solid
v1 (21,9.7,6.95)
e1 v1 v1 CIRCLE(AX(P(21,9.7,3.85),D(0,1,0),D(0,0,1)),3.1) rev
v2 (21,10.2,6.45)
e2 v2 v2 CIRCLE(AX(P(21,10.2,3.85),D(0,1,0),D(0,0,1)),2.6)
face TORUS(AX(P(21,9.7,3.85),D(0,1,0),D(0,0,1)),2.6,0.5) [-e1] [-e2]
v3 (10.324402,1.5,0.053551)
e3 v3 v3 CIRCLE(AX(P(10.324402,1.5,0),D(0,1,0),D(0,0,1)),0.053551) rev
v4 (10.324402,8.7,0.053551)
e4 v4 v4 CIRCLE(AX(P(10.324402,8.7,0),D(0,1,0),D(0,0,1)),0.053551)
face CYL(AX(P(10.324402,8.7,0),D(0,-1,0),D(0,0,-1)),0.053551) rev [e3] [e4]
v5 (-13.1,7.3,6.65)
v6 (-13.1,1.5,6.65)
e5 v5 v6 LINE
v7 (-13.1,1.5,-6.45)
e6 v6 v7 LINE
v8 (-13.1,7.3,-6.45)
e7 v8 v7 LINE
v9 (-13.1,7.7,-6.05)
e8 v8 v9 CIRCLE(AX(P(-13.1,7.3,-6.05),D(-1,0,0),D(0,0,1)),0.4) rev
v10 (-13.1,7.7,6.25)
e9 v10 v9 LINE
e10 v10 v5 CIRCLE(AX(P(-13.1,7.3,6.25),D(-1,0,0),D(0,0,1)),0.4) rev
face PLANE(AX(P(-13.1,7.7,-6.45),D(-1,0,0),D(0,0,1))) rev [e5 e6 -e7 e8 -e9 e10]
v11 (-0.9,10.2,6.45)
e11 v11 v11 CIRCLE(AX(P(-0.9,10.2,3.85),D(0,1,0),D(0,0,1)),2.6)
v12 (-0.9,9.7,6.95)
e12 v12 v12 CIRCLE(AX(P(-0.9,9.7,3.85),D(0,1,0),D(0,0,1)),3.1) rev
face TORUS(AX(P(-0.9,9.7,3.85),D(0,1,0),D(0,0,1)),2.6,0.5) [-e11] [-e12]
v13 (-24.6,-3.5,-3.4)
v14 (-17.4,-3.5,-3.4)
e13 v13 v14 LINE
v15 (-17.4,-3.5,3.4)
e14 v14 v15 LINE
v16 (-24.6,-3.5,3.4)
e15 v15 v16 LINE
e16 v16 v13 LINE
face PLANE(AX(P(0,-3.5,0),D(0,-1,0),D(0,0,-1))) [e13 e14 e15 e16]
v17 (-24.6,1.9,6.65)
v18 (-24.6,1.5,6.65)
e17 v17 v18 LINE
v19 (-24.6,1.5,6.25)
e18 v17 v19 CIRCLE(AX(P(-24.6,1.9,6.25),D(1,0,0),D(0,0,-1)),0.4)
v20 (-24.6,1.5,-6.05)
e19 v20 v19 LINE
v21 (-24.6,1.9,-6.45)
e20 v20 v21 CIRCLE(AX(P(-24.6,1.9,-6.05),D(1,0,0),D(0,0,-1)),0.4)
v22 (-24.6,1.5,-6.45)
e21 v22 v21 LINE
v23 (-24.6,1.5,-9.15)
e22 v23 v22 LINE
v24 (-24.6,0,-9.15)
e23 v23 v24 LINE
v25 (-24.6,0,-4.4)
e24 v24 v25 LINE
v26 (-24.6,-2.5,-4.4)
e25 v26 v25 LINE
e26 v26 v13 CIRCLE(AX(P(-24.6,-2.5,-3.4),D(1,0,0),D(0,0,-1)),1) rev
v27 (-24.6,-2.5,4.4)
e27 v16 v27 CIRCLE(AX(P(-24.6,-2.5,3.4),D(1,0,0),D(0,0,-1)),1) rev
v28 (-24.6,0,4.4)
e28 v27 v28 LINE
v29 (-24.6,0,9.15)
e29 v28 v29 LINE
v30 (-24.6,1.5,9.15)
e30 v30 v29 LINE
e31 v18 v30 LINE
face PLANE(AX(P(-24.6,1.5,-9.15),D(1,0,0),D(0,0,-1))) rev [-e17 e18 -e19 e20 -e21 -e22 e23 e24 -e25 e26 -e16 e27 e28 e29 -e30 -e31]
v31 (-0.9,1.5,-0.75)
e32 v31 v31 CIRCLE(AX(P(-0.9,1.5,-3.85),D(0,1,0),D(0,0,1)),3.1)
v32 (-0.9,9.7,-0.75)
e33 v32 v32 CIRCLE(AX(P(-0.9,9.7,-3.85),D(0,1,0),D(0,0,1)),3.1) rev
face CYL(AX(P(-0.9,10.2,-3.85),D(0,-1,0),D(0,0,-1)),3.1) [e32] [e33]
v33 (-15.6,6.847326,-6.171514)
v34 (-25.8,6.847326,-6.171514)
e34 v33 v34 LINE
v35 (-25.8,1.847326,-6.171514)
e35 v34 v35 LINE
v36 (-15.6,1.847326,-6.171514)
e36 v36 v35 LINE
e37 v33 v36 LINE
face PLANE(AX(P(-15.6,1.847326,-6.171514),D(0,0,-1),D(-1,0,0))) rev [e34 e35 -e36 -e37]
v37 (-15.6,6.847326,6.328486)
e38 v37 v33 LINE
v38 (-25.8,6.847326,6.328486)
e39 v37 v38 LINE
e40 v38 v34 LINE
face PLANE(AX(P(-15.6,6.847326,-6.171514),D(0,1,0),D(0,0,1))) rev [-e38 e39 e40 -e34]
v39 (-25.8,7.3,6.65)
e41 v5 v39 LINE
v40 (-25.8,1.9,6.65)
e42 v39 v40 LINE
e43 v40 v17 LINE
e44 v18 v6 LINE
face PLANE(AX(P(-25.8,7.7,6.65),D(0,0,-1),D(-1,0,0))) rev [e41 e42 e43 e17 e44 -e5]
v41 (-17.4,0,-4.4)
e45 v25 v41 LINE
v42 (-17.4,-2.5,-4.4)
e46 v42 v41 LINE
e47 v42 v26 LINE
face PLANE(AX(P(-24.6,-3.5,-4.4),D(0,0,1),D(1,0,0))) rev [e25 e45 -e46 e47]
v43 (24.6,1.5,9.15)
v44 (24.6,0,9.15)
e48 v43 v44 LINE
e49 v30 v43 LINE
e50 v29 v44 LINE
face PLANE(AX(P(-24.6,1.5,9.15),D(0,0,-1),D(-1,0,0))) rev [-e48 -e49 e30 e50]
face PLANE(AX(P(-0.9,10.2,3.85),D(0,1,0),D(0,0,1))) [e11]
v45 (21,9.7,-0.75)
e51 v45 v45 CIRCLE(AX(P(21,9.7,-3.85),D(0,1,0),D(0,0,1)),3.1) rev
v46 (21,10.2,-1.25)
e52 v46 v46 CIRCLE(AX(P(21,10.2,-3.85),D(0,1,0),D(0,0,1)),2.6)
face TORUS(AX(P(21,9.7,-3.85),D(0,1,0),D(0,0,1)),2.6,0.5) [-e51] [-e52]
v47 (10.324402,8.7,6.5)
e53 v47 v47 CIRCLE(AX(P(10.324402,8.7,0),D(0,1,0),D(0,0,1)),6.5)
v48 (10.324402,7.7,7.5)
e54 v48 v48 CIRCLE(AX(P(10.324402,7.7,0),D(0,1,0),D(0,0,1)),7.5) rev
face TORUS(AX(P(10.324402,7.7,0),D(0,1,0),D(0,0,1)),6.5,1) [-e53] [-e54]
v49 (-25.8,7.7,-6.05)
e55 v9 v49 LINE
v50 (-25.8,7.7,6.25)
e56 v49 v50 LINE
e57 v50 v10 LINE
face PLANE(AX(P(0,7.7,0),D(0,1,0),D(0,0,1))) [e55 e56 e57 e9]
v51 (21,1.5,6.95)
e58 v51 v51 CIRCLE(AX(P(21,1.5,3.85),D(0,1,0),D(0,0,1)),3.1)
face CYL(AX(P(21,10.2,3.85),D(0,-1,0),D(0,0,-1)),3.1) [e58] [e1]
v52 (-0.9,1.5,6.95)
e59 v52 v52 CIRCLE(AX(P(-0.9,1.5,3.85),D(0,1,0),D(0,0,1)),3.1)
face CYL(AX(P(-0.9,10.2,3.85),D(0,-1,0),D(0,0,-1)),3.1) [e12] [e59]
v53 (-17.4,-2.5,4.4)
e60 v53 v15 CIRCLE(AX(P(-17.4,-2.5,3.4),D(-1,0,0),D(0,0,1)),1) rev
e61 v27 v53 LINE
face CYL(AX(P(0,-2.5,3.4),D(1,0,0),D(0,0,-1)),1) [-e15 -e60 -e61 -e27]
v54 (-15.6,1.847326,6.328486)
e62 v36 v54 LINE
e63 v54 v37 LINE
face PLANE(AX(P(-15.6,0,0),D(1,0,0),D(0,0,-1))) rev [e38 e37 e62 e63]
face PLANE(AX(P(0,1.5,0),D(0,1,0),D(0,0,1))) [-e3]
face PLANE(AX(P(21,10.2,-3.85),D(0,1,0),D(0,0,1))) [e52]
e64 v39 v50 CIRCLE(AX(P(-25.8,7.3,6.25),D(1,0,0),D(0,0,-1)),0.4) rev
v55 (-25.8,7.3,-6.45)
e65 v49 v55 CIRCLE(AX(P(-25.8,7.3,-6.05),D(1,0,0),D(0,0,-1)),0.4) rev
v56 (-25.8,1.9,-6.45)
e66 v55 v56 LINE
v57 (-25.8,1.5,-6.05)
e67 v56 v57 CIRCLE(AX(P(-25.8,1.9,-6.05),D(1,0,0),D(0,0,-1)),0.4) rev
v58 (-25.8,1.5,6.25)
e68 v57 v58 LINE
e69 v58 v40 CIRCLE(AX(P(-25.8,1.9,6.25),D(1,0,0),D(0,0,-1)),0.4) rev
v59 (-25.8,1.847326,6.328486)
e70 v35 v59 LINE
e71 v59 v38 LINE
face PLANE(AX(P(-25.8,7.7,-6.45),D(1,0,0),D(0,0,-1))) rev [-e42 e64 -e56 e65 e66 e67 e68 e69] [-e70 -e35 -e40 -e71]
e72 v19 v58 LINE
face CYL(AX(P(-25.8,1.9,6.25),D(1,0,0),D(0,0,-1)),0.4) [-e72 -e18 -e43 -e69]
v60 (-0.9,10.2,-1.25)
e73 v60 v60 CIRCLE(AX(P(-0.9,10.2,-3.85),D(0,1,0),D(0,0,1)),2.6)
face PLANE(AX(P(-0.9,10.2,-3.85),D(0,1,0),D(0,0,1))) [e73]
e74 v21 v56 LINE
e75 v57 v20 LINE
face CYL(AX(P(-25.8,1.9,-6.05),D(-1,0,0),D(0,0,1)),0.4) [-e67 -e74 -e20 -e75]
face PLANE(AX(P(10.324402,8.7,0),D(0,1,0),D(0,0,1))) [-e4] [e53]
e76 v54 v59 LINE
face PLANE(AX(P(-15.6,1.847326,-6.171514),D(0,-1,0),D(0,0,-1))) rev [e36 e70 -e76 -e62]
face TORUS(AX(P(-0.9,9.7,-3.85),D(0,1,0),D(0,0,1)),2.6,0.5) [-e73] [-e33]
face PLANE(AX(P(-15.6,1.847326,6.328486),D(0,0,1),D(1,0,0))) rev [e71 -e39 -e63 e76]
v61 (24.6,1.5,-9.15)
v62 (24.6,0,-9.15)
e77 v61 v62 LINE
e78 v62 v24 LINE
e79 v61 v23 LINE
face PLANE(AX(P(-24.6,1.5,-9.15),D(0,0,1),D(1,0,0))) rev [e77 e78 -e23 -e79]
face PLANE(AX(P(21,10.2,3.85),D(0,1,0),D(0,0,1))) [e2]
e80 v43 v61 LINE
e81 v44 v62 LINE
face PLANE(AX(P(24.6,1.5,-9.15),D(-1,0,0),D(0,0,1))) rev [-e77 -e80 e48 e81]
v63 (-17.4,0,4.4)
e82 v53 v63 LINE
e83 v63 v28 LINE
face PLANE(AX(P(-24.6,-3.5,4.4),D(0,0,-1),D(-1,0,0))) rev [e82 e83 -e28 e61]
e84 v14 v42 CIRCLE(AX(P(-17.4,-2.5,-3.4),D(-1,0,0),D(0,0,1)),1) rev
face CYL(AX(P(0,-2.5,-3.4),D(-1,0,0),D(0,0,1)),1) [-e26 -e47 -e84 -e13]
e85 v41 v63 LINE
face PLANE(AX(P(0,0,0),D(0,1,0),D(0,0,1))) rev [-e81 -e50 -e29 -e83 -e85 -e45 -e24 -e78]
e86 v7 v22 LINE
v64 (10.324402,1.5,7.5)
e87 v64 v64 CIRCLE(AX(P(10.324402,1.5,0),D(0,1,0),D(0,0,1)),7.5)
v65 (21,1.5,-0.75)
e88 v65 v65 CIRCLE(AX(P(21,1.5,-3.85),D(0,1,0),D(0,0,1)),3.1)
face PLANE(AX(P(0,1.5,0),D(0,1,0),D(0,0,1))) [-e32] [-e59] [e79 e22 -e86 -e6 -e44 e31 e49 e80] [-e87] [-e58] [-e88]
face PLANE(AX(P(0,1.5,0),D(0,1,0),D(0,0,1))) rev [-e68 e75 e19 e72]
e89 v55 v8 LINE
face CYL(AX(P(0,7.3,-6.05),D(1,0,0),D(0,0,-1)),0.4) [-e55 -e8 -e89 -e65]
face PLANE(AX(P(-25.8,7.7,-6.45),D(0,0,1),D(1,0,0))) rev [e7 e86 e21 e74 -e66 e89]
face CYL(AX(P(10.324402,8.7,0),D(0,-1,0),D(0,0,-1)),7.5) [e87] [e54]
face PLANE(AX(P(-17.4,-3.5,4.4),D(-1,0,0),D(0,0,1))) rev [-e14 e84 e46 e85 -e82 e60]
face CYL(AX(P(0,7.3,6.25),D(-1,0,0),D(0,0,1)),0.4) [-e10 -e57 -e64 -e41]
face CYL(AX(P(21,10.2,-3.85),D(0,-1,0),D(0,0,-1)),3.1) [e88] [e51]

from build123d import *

# Parameters (mm, degrees)
SKETCH_1_W          = 49.2
SKETCH_1_H          = 18.3
EXTRUDE_361_DEPTH   = 1.5
SKETCH_3_W          = 12.7
SKETCH_3_H          = 13.1
EXTRUDE_2_DEPTH     = 6.2
SKETCH_4_W          = 7.2
SKETCH_4_H          = 8.8
EXTRUDE_3_DEPTH     = 3.5
FILLET_2_R          = 1
FILLET_3_R          = 0.4
SKETCH_5_R          = 3.1
EXTRUDE_4_DEPTH     = 8.7
FILLET_5_R          = 0.5
SKETCH_6_R          = 7.5
SKETCH_6_R_2        = 0.053550992
EXTRUDE_5_DEPTH     = 7.2
FILLET_6_R          = 1
SKETCH_7_W          = 12.5
SKETCH_7_H          = 5
CUT_EXTRUDE_1_DEPTH = 10.2
FILLET_7_R          = 0.4


with BuildPart() as part:
    # Эскиз1 → Extrude 361 (new body)
    with BuildSketch(Plane(origin=(0, 0, 0), x_dir=(1, 0, 0), z_dir=(0, 1, 0))):
        Rectangle(SKETCH_1_W, SKETCH_1_H)
    extrude(amount=EXTRUDE_361_DEPTH)

    # Эскиз3 → Бобышка-Вытянуть2 (add)
    with BuildSketch(Plane(origin=(0, 1.5, 0), x_dir=(1, 0, 0), z_dir=(0, 1, 0))):
        with Locations((-19.45, -0.1)):
            Rectangle(SKETCH_3_W, SKETCH_3_H)
    extrude(amount=EXTRUDE_2_DEPTH)

    # Эскиз4 → Бобышка-Вытянуть3 (add)
    with BuildSketch(Plane.XZ):
        with Locations((-21, 0)):
            Rectangle(SKETCH_4_W, SKETCH_4_H)
    extrude(amount=EXTRUDE_3_DEPTH)

    # Скругление2
    fillet_2_edges = [part.edges().sort_by_distance(p)[0] for p in [
        (-21, -3.5, 4.4),
        (-21, -3.5, -4.4),
    ]]
    fillet(fillet_2_edges, radius=FILLET_2_R)

    # Скругление3
    fillet_3_edges = [part.edges().sort_by_distance(p)[0] for p in [
        (-19.45, 7.7, -6.45),
        (-19.45, 7.7, 6.65),
    ]]
    fillet(fillet_3_edges, radius=FILLET_3_R)

    # Эскиз5 → Бобышка-Вытянуть4 (add)
    with BuildSketch(Plane(origin=(0, 1.5, 0), x_dir=(1, 0, 0), z_dir=(0, 1, 0))):
        with Locations(Location((21, 3.85, 0), (0, 0, 270))):
            Circle(SKETCH_5_R)
        with Locations(Location((21, -3.85, 0), (0, 0, 270))):
            Circle(SKETCH_5_R)
        with Locations(Location((-0.9, -3.85, 0), (0, 0, 270))):
            Circle(SKETCH_5_R)
        with Locations(Location((-0.9, 3.85, 0), (0, 0, 270))):
            Circle(SKETCH_5_R)
    extrude(amount=EXTRUDE_4_DEPTH)

    # Скругление5
    fillet_5_edges = [part.edges().sort_by_distance(p)[0] for p in [
        (21, 10.2, -6.95),
        (21, 10.2, 0.75),
        (-0.9, 10.2, 0.75),
        (-0.9, 10.2, -6.95),
    ]]
    fillet(fillet_5_edges, radius=FILLET_5_R)

    # Эскиз6 → Бобышка-Вытянуть5 (add)
    with BuildSketch(Plane(origin=(0, 1.5, 0), x_dir=(1, 0, 0), z_dir=(0, 1, 0))):
        with Locations(Location((10.324402455, 0, 0), (0, 0, 270))):
            Circle(SKETCH_6_R)
        with Locations(Location((10.324402455, 0, 0), (0, 0, 270))):
            Circle(SKETCH_6_R_2, mode=Mode.SUBTRACT)
    extrude(amount=EXTRUDE_5_DEPTH)

    # Скругление6
    fillet_6_edges = [part.edges().sort_by_distance(p)[0] for p in [
        (10.324402455, 8.7, -7.5),
    ]]
    fillet(fillet_6_edges, radius=FILLET_6_R)

    # Эскиз7 → Вырез-Вытянуть1 (cut)
    with BuildSketch(Plane.ZY.offset(25.8)):
        with Locations((0.078486032, 4.347326387)):
            Rectangle(SKETCH_7_W, SKETCH_7_H)
    extrude(amount=-CUT_EXTRUDE_1_DEPTH, mode=Mode.SUBTRACT)

    # Скругление7
    fillet_7_edges = [part.edges().sort_by_distance(p)[0] for p in [
        (-25.2, 1.5, -6.45),
        (-25.2, 1.5, 6.65),
    ]]
    fillet(fillet_7_edges, radius=FILLET_7_R)


solid = part.part
